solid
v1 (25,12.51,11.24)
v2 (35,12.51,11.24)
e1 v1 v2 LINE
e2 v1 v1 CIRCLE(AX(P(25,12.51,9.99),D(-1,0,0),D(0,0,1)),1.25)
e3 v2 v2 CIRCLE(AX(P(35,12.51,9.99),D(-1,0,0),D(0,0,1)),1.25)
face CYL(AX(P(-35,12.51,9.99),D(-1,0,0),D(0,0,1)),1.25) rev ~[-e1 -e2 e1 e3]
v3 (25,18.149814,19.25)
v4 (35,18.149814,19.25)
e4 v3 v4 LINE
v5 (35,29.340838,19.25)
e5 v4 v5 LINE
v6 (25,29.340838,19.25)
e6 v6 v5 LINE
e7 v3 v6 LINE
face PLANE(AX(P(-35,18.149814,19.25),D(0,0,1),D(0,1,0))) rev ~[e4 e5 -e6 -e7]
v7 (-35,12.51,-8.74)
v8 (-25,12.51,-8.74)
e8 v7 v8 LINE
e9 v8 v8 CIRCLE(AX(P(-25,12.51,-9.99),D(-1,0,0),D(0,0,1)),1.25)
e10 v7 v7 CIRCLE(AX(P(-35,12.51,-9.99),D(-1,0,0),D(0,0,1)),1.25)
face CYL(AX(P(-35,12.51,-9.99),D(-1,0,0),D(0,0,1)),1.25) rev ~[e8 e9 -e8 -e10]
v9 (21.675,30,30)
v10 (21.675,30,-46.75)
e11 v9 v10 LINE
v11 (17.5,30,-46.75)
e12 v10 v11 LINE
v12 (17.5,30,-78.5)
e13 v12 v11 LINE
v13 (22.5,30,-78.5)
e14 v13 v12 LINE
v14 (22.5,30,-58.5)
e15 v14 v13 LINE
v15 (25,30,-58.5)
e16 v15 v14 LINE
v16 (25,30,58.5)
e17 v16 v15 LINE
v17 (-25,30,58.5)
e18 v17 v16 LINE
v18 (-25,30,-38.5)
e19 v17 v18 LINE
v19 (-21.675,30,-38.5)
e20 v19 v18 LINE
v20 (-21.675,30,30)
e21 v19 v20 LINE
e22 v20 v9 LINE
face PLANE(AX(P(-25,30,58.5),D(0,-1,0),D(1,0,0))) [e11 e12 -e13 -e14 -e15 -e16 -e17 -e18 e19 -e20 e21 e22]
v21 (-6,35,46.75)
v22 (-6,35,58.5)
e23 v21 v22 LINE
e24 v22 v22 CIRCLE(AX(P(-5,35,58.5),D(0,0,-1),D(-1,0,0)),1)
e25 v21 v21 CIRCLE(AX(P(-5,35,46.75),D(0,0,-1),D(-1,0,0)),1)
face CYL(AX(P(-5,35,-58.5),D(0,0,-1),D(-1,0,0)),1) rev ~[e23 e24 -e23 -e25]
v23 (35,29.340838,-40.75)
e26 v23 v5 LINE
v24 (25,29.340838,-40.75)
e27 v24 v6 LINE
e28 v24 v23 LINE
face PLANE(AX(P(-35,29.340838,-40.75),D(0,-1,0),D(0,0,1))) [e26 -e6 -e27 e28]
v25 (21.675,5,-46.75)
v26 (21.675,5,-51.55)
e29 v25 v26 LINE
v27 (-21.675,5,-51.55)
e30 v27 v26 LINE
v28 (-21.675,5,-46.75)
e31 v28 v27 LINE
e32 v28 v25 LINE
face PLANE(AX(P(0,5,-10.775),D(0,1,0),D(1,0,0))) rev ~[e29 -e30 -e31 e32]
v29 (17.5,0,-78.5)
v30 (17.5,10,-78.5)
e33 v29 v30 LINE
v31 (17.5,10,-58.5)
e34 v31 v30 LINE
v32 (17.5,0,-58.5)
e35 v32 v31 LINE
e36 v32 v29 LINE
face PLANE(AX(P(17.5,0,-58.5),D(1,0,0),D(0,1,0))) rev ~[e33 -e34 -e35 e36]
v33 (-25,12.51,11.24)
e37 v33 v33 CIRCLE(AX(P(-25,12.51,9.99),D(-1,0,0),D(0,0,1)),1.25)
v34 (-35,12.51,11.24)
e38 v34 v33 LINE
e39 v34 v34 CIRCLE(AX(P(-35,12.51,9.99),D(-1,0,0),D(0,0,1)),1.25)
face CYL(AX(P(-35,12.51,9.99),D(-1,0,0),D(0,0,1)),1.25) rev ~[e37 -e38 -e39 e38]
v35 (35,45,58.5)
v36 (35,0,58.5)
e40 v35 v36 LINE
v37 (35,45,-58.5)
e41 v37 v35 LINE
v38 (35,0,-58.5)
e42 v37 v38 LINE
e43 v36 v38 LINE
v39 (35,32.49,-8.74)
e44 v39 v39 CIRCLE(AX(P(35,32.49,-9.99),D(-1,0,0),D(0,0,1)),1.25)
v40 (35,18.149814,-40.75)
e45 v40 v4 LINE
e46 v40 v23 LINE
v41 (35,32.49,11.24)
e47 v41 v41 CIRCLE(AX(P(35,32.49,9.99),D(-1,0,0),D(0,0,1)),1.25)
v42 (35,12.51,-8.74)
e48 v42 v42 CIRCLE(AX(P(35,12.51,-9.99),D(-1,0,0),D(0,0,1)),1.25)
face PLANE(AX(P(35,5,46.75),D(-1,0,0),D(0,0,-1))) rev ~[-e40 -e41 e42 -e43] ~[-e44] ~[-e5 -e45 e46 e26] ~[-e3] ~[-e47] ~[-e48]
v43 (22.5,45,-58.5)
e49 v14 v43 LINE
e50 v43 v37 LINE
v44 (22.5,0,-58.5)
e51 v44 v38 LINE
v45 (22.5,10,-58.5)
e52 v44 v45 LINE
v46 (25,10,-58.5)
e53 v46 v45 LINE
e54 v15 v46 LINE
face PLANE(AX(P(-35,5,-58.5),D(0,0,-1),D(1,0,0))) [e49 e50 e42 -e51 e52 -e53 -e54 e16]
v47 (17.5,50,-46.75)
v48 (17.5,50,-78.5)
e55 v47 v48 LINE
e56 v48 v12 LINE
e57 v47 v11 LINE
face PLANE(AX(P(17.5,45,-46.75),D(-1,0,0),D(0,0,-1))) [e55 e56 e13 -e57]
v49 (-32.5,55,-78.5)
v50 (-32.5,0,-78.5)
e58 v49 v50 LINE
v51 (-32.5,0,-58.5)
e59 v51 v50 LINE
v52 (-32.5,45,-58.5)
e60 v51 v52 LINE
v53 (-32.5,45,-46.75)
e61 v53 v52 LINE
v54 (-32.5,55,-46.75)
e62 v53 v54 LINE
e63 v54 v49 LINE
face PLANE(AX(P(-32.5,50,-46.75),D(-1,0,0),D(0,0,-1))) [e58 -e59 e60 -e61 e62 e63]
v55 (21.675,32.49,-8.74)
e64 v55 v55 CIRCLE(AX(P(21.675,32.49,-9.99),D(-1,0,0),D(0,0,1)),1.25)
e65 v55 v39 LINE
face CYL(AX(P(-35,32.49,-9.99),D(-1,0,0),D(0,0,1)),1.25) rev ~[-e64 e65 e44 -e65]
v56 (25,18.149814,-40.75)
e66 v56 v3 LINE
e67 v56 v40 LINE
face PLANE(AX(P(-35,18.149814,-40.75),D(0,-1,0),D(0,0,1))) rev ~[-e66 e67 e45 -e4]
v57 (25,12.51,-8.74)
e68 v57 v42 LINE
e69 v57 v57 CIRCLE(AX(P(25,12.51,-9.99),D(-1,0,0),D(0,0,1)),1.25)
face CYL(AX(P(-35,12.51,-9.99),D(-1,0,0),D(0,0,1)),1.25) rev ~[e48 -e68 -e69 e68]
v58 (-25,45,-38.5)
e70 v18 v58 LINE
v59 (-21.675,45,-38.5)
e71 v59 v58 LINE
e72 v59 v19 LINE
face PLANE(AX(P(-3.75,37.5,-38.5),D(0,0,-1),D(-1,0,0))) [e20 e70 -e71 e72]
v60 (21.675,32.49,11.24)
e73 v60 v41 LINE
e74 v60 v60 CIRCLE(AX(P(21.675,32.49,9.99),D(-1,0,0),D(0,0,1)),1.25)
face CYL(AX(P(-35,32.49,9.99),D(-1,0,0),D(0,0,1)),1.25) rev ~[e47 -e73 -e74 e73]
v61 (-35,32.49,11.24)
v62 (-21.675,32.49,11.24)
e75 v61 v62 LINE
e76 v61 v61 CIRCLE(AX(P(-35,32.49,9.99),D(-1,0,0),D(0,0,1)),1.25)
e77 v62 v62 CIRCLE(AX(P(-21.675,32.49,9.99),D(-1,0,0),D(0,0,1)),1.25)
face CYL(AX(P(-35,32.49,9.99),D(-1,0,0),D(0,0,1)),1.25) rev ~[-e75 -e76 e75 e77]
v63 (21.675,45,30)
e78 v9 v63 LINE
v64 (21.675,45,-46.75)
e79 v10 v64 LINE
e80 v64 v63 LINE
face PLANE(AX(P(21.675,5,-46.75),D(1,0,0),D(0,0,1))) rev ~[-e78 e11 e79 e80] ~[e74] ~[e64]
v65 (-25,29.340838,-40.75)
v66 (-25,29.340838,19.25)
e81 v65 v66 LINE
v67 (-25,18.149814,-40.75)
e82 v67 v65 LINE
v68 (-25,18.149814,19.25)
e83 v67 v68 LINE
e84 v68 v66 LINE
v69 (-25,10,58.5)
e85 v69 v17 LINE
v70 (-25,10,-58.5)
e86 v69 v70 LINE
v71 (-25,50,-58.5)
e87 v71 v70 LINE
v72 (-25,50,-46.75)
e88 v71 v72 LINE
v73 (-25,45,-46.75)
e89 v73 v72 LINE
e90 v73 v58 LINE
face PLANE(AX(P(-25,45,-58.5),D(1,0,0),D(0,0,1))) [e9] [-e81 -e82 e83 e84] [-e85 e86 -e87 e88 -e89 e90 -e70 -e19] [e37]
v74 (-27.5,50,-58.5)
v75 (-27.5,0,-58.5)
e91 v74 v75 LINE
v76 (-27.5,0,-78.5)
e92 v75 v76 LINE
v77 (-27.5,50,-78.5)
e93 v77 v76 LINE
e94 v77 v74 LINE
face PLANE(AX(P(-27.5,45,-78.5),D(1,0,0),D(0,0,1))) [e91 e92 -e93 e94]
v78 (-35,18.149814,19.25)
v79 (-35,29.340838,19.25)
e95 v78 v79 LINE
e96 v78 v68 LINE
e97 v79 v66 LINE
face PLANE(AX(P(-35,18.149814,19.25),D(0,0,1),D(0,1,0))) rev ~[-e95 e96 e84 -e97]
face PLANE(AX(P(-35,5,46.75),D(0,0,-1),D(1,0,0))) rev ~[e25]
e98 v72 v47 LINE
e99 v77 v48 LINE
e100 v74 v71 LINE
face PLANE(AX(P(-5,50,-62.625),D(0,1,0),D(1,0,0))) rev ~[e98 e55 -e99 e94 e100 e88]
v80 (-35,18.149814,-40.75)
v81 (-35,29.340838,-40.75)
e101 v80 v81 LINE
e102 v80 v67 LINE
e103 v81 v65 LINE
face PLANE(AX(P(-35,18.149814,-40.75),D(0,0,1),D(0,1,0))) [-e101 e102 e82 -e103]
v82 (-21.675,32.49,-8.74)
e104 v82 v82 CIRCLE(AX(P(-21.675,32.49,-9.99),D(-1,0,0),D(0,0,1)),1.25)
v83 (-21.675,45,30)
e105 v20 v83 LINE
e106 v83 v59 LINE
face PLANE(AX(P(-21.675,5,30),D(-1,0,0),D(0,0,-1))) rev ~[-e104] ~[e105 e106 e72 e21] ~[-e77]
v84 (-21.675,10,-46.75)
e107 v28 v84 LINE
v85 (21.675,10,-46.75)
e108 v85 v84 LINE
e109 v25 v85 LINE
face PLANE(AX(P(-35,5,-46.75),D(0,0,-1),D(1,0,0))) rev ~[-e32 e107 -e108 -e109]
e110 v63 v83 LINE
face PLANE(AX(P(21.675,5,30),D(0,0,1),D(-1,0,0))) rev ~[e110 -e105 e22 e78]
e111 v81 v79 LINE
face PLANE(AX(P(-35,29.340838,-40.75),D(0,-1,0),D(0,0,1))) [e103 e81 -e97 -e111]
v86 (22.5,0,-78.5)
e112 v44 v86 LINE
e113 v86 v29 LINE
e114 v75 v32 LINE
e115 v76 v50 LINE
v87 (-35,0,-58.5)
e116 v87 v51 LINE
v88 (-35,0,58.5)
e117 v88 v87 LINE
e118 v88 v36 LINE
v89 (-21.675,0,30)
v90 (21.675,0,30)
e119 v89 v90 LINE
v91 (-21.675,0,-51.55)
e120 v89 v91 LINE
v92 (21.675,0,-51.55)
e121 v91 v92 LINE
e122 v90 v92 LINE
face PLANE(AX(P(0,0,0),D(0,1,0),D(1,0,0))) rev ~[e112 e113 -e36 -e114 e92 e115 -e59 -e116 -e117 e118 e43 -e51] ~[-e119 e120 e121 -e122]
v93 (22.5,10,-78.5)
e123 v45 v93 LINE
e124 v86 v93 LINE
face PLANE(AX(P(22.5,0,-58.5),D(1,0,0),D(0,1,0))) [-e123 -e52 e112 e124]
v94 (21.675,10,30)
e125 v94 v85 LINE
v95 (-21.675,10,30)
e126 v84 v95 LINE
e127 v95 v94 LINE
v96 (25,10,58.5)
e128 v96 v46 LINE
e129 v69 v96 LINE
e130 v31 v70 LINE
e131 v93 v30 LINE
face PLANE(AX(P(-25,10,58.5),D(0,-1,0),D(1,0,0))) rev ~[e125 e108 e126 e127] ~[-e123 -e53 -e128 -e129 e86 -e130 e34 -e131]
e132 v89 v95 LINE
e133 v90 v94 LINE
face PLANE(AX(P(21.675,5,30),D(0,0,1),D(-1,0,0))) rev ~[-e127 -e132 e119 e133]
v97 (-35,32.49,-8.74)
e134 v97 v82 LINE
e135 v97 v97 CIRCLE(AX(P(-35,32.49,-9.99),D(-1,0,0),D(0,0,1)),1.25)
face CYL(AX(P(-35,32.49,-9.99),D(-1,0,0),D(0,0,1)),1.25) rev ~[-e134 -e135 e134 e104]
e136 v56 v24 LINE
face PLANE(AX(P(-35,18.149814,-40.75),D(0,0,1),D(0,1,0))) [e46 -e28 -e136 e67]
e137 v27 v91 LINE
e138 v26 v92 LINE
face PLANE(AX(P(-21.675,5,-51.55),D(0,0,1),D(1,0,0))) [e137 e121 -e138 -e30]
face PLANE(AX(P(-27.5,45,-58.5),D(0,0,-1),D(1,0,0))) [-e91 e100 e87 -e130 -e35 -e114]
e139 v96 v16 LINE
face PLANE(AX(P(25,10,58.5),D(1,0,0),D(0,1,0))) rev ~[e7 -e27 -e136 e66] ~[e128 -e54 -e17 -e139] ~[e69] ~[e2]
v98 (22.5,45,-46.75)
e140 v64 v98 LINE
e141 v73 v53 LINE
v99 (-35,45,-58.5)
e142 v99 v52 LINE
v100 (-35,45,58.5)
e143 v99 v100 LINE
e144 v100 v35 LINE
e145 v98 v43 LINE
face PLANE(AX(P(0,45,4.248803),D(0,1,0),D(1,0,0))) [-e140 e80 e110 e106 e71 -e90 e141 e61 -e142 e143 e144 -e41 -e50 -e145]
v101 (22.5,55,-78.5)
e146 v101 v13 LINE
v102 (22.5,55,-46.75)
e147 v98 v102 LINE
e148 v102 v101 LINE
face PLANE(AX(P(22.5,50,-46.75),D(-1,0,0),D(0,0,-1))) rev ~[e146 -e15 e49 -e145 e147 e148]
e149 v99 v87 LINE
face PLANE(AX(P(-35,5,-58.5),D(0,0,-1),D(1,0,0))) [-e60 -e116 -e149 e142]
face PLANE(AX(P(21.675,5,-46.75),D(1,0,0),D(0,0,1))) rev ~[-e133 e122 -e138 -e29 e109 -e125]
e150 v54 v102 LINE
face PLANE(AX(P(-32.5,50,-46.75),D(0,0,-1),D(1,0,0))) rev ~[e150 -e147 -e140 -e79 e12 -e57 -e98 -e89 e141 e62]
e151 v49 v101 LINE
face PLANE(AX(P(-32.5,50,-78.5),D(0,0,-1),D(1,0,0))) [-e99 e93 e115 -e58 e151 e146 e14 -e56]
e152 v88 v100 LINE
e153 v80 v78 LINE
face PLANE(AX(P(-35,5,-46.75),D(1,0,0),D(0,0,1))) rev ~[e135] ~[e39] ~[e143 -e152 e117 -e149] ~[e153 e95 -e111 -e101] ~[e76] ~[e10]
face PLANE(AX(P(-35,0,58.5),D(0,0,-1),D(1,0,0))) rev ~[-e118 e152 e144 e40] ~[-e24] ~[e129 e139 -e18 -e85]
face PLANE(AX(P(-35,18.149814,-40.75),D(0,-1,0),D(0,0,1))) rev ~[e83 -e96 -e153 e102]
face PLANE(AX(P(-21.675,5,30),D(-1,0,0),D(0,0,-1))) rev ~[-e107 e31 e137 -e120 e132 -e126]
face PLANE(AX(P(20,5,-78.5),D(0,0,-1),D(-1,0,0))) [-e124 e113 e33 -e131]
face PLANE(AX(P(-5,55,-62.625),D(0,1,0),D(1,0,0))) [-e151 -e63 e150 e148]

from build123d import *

# Parameters (mm, degrees)
CROQUIS1_W              = 70
CROQUIS1_H              = 117
SALIENTE_EXTRUIR1_DEPTH = 5
CROQUIS2_W              = 70
CROQUIS2_H              = 11.75
SALIENTE_EXTRUIR2_DEPTH = 40
CROQUIS5_R              = 1
CORTAR_EXTRUIR3_DEPTH   = 118
CROQUIS3_W              = 43.35
CROQUIS3_H              = 81.55
CORTAR_EXTRUIR1_DEPTH   = 10
SALIENTE_EXTRUIR4_DEPTH = 40
CROQUIS7_R              = 1.25
CROQUIS7_W              = 60
CROQUIS7_H              = 11.191024472
CORTAR_EXTRUIR5_DEPTH   = 71
CROQUIS9_W              = 50
CROQUIS9_H              = 20
CORTAR_EXTRUIR6_DEPTH   = 118
CROQUIS11_W             = 5
CROQUIS11_H             = 45
CROQUIS11_H_2           = 15
CROQUIS11_H_3           = 10
SALIENTE_EXTRUIR5_DEPTH = 20
CROQUIS12_W             = 42.5
CROQUIS12_H             = 15
CORTAR_EXTRUIR7_DEPTH   = 20
CROQUIS13_W             = 5
CROQUIS13_H             = 31.75
SALIENTE_EXTRUIR6_DEPTH = 5
CROQUIS14_W             = 55
CROQUIS14_H             = 31.75
SALIENTE_EXTRUIR7_DEPTH = 5


with BuildPart() as part:
    # Croquis1 → Saliente-Extruir1 (new body)
    with BuildSketch(Plane(origin=(0, 0, 0), x_dir=(1, 0, 0), z_dir=(0, 1, 0))):
        Rectangle(CROQUIS1_W, CROQUIS1_H)
    extrude(amount=SALIENTE_EXTRUIR1_DEPTH)

    # Croquis2 → Saliente-Extruir2 (add)
    with BuildSketch(Plane(origin=(0, 5, 0), x_dir=(1, 0, 0), z_dir=(0, 1, 0))):
        with Locations((0, 52.625)):
            Rectangle(CROQUIS2_W, CROQUIS2_H)
        with Locations((0, -52.625)):
            Rectangle(CROQUIS2_W, CROQUIS2_H)
    extrude(amount=SALIENTE_EXTRUIR2_DEPTH)

    # Croquis5 → Cortar-Extruir3 (cut, through all)
    with BuildSketch(Plane(origin=(0, 0, -58.5), x_dir=(-1, 0, 0), z_dir=(0, 0, -1))):
        with Locations((5, 35)):
            Circle(CROQUIS5_R)
    extrude(amount=-CORTAR_EXTRUIR3_DEPTH, mode=Mode.SUBTRACT)

    # Croquis3 → Cortar-Extruir1 (cut)
    with BuildSketch(Plane(origin=(0, 5, 0), x_dir=(1, 0, 0), z_dir=(0, 1, 0))):
        with Locations((0, 10.775)):
            Rectangle(CROQUIS3_W, CROQUIS3_H)
    extrude(amount=-CORTAR_EXTRUIR1_DEPTH, mode=Mode.SUBTRACT)

    # Croquis8 → Saliente-Extruir4 (add)
    with BuildSketch(Plane(origin=(0, 5, 0), x_dir=(1, 0, 0), z_dir=(0, 1, 0))):
        Polygon((35, -46.75), (35, 46.75), (21.675, 46.75), (21.675, -30), (-21.675, -30), (-21.675, 46.75), (-35, 46.75), (-35, -46.75), align=None)
    extrude(amount=SALIENTE_EXTRUIR4_DEPTH)

    # Croquis7 → Cortar-Extruir5 (cut, through all)
    with BuildSketch(Plane.ZY.offset(35)):
        with Locations((-9.99, 32.49)):
            Circle(CROQUIS7_R)
        with Locations((9.99, 32.49)):
            Circle(CROQUIS7_R)
        with Locations((9.99, 12.51)):
            Circle(CROQUIS7_R)
        with Locations((-9.99, 12.51)):
            Circle(CROQUIS7_R)
        with Locations((-10.75, 23.745325958)):
            Rectangle(CROQUIS7_W, CROQUIS7_H)
    extrude(amount=-CORTAR_EXTRUIR5_DEPTH, mode=Mode.SUBTRACT)

    # Croquis9 → Cortar-Extruir6 (cut, through all)
    with BuildSketch(Plane.XY.offset(58.5)):
        with Locations((0, 20)):
            Rectangle(CROQUIS9_W, CROQUIS9_H)
    extrude(amount=-CORTAR_EXTRUIR6_DEPTH, mode=Mode.SUBTRACT)

    # Croquis11 → Saliente-Extruir5 (add)
    with BuildSketch(Plane(origin=(0, 0, -58.5), x_dir=(-1, 0, 0), z_dir=(0, 0, -1))):
        with Locations((30, 22.5)):
            Rectangle(CROQUIS11_W, CROQUIS11_H)
        with Locations((-20, 37.5)):
            Rectangle(CROQUIS11_W, CROQUIS11_H_2)
        with Locations((-20, 5)):
            Rectangle(CROQUIS11_W, CROQUIS11_H_3)
    extrude(amount=SALIENTE_EXTRUIR5_DEPTH)

    # Croquis12 → Cortar-Extruir7 (cut)
    with BuildSketch(Plane(origin=(0, 0, -58.5), x_dir=(-1, 0, 0), z_dir=(0, 0, -1))):
        with Locations((3.75, 37.5)):
            Rectangle(CROQUIS12_W, CROQUIS12_H)
    extrude(amount=-CORTAR_EXTRUIR7_DEPTH, mode=Mode.SUBTRACT)

    # Croquis13 → Saliente-Extruir6 (add)
    with BuildSketch(Plane(origin=(0, 45, 0), x_dir=(1, 0, 0), z_dir=(0, 1, 0))):
        Polygon((-32.5, 78.5), (-27.5, 78.5), (-27.5, 58.5), (-25, 58.5), (-25, 46.75), (-32.5, 46.75), align=None)
        with Locations((20, 62.625)):
            Rectangle(CROQUIS13_W, CROQUIS13_H)
    extrude(amount=SALIENTE_EXTRUIR6_DEPTH)

    # Croquis14 → Saliente-Extruir7 (add)
    with BuildSketch(Plane(origin=(0, 50, 0), x_dir=(1, 0, 0), z_dir=(0, 1, 0))):
        with Locations((-5, 62.625)):
            Rectangle(CROQUIS14_W, CROQUIS14_H)
    extrude(amount=SALIENTE_EXTRUIR7_DEPTH)


solid = part.part
